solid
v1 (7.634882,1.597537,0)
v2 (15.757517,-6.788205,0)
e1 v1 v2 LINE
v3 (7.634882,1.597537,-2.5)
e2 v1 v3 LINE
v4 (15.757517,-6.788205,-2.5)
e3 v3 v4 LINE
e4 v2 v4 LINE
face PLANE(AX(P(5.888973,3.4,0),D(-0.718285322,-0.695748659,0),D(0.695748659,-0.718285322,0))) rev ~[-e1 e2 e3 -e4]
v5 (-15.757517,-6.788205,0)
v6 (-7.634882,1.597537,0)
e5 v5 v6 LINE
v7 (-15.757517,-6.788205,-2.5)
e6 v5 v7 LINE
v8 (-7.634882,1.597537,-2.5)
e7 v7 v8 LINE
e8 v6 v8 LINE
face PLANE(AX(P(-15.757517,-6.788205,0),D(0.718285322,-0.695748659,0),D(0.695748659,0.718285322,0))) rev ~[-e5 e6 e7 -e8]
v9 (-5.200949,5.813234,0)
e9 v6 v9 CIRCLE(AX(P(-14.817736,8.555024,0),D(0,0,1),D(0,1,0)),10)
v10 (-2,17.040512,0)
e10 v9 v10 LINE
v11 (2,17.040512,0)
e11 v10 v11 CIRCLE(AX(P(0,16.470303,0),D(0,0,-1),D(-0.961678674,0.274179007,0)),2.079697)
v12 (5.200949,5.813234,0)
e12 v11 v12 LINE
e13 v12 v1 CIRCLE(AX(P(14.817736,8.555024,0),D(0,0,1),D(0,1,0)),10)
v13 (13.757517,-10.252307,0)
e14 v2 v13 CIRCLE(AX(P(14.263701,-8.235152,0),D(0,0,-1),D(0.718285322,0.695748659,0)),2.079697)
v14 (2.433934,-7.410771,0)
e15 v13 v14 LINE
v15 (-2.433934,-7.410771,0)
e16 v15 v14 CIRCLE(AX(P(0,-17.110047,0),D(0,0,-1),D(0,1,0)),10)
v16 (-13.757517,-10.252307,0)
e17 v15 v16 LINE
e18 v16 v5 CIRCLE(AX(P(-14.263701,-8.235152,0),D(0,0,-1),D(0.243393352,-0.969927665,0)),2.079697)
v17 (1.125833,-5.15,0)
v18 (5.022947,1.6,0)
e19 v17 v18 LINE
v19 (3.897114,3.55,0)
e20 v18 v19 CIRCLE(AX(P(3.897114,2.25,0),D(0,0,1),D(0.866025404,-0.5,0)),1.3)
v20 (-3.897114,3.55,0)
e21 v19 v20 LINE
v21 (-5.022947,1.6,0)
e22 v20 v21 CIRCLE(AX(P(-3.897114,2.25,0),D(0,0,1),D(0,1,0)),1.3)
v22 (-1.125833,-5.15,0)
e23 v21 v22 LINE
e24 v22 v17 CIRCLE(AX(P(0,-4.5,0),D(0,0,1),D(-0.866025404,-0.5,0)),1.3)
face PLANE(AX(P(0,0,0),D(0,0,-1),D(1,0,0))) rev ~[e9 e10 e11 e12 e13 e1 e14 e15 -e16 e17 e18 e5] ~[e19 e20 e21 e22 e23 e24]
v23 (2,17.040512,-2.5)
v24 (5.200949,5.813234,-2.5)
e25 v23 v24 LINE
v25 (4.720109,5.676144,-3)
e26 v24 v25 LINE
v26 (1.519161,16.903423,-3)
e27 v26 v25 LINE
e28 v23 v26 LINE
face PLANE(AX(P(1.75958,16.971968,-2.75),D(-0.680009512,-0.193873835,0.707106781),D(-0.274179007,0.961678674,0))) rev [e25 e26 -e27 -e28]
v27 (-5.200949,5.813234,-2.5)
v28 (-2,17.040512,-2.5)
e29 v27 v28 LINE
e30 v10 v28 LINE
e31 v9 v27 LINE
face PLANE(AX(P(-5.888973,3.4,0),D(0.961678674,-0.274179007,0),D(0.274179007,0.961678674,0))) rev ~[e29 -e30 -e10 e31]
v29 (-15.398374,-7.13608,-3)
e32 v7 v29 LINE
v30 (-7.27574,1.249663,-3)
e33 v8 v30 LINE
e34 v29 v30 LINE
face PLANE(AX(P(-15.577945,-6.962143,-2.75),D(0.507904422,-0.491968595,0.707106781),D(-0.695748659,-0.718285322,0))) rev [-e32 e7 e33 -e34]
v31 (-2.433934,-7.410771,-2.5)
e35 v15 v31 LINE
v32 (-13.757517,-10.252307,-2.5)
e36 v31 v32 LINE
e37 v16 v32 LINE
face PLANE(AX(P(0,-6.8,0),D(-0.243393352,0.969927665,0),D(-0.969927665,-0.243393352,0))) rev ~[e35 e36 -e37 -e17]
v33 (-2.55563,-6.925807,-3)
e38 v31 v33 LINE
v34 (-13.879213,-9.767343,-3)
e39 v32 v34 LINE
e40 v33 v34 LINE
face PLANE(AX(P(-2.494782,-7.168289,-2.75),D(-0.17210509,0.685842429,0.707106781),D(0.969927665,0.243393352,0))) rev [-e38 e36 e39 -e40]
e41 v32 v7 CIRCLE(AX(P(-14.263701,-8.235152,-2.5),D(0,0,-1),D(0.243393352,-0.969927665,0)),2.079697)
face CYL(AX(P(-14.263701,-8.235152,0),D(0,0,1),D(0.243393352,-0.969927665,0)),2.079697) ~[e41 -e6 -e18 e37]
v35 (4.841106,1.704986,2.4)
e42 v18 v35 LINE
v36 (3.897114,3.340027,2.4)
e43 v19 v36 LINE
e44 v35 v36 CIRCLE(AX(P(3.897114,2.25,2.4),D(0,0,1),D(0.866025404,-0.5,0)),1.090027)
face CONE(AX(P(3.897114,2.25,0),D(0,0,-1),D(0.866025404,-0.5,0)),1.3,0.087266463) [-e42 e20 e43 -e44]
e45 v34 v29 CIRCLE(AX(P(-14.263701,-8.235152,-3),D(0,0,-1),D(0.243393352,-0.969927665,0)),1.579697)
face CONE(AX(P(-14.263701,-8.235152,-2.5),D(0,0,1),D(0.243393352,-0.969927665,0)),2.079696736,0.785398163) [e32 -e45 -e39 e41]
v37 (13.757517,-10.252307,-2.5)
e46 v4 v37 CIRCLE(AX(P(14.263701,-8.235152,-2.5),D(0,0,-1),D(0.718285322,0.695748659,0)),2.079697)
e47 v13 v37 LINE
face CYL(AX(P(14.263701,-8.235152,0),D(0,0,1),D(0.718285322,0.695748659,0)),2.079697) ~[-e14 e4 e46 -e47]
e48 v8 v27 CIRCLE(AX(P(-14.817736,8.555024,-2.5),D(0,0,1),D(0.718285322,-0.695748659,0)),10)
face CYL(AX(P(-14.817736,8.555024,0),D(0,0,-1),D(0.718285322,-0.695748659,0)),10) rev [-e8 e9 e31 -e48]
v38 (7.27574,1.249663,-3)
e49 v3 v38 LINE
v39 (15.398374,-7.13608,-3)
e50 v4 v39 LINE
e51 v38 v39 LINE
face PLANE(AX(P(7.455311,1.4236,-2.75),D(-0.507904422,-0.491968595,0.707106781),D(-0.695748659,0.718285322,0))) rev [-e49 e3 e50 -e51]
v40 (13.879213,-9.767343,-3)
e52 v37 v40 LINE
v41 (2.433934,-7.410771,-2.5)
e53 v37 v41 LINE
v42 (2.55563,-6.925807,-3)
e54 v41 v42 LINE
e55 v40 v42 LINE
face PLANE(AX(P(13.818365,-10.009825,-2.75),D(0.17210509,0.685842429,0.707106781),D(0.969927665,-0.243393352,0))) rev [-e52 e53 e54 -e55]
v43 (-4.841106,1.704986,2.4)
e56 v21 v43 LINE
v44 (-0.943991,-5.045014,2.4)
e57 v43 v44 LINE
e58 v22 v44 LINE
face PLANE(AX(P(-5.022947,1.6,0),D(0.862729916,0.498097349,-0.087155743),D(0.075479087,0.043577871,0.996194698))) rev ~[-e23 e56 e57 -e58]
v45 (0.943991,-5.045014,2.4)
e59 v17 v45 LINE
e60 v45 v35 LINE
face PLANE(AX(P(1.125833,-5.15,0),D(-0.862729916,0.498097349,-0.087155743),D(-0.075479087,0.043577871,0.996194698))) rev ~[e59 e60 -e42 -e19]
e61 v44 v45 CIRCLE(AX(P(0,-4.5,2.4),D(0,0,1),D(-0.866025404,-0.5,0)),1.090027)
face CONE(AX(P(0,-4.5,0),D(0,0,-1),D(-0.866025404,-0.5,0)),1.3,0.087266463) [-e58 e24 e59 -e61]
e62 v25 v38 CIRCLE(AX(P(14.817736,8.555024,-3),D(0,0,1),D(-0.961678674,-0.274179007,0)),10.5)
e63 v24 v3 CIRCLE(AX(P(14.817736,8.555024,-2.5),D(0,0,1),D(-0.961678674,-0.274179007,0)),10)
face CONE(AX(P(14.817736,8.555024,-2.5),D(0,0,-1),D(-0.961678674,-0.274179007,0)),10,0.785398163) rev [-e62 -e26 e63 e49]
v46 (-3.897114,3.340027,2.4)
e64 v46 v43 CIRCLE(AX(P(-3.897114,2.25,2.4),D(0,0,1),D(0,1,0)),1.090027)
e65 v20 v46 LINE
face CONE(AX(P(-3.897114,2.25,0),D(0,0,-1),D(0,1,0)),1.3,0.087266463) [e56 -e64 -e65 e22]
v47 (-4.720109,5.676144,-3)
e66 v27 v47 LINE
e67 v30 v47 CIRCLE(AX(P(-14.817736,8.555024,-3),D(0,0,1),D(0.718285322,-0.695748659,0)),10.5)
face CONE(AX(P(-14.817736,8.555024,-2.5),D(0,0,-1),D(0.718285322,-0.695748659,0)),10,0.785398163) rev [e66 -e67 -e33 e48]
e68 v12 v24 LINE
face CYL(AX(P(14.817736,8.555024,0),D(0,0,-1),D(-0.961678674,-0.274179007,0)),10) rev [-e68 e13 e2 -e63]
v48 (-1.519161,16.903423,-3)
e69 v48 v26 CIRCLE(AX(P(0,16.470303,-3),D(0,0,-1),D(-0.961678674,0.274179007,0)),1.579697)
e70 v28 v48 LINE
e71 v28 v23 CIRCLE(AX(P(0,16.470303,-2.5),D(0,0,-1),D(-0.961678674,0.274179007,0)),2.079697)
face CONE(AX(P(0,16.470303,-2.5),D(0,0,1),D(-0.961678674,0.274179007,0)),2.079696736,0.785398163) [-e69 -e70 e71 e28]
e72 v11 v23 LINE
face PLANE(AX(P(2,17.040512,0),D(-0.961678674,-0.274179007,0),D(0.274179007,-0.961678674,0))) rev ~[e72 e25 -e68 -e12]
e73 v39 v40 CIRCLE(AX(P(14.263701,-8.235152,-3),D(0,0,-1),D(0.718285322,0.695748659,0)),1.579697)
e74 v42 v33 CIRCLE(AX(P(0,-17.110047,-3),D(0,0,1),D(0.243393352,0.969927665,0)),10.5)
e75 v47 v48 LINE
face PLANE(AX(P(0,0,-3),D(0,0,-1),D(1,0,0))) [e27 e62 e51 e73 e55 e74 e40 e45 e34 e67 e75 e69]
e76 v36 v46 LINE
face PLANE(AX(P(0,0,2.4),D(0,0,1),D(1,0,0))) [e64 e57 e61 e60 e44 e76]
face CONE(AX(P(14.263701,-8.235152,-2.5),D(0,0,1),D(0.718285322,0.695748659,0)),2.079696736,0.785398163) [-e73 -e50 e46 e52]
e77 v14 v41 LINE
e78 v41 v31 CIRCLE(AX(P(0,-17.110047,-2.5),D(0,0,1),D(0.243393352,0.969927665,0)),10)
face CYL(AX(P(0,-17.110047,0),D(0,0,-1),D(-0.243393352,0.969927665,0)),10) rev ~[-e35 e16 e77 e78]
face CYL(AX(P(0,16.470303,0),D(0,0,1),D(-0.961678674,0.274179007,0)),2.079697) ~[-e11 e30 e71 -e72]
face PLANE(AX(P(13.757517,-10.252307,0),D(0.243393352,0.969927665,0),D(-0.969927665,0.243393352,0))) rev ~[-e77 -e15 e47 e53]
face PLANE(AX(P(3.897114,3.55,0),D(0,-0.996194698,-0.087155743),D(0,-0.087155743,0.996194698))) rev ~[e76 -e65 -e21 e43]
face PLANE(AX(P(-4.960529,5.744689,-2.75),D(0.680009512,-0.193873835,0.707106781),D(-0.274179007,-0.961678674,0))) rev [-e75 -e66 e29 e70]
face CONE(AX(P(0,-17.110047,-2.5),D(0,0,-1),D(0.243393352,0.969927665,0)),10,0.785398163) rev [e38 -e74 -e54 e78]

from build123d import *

# Parameters (mm, degrees)
F1_DEPTH = 2.4
F1_TAPER = 5
F3_DEPTH = 3
F4_R     = 10
F5_SIZE  = 0.5


with BuildPart() as f1:
    # F0 (on Top) → F1 (new body)
    with BuildSketch(Plane.XY):
        with BuildLine():
            Line((3.897114317, 3.55), (-3.897114317, 3.55))
            ThreePointArc((-3.897114317, 3.55), (-5.0229473419, 2.9), (-5.0229473419, 1.6))
            Line((-5.0229473419, 1.6), (-1.1258330249, -5.15))
            ThreePointArc((-1.1258330249, -5.15), (0, -5.8), (1.1258330249, -5.15))
            Line((1.1258330249, -5.15), (5.0229473419, 1.6))
            ThreePointArc((5.0229473419, 1.6), (5.0229473419, 2.9), (3.897114317, 3.55))
        make_face()
    extrude(amount=F1_DEPTH, taper=F1_TAPER)

    # F2 (on face) → F3 (join)
    with BuildSketch(Plane(origin=(0, 0, 0), x_dir=(1, 0, 0), z_dir=(0, 0, -1))):
        with BuildLine():
            Line((-15.7575166744, 6.788205417), (-5.8889727457, -3.4))
            Line((-5.8889727457, -3.4), (-2, -17.040512449))
            ThreePointArc((-2, -17.040512449), (0, -18.55), (2, -17.040512449))
            Line((2, -17.040512449), (5.8889727457, -3.4))
            Line((5.8889727457, -3.4), (15.7575166744, 6.788205417))
            ThreePointArc((15.7575166744, 6.788205417), (16.0647712402, 9.275), (13.7575166744, 10.2523070321))
            Line((13.7575166744, 10.2523070321), (0, 6.8))
            Line((0, 6.8), (-13.7575166744, 10.2523070321))
            ThreePointArc((-13.7575166744, 10.2523070321), (-16.0647712402, 9.275), (-15.7575166744, 6.788205417))
        make_face()
    extrude(amount=F3_DEPTH)

    # F4
    f4_edges = [f1.edges().sort_by_distance(p)[0] for p in [
        (0, -6.8, -1.5),
        (5.888973, 3.4, -1.5),
        (-5.888973, 3.4, -1.5),
    ]]
    fillet(f4_edges, radius=F4_R)

    # F5
    f5_edges = [f1.edges().sort_by_distance(p)[0] for p in [
        (-11.696199, -2.595334, -3),
        (-6.157481, 3.555024, -3),
        (-16.064771, -9.275, -3),
        (-3.600474, 11.426873, -3),
        (-8.095725, -8.831539, -3),
        (0, 18.55, -3),
        (0, -7.110047, -3),
        (3.600474, 11.426873, -3),
        (8.095725, -8.831539, -3),
        (6.157481, 3.555024, -3),
        (16.064771, -9.275, -3),
        (11.696199, -2.595334, -3),
    ]]
    chamfer(f5_edges, length=F5_SIZE)


solid = f1.part
